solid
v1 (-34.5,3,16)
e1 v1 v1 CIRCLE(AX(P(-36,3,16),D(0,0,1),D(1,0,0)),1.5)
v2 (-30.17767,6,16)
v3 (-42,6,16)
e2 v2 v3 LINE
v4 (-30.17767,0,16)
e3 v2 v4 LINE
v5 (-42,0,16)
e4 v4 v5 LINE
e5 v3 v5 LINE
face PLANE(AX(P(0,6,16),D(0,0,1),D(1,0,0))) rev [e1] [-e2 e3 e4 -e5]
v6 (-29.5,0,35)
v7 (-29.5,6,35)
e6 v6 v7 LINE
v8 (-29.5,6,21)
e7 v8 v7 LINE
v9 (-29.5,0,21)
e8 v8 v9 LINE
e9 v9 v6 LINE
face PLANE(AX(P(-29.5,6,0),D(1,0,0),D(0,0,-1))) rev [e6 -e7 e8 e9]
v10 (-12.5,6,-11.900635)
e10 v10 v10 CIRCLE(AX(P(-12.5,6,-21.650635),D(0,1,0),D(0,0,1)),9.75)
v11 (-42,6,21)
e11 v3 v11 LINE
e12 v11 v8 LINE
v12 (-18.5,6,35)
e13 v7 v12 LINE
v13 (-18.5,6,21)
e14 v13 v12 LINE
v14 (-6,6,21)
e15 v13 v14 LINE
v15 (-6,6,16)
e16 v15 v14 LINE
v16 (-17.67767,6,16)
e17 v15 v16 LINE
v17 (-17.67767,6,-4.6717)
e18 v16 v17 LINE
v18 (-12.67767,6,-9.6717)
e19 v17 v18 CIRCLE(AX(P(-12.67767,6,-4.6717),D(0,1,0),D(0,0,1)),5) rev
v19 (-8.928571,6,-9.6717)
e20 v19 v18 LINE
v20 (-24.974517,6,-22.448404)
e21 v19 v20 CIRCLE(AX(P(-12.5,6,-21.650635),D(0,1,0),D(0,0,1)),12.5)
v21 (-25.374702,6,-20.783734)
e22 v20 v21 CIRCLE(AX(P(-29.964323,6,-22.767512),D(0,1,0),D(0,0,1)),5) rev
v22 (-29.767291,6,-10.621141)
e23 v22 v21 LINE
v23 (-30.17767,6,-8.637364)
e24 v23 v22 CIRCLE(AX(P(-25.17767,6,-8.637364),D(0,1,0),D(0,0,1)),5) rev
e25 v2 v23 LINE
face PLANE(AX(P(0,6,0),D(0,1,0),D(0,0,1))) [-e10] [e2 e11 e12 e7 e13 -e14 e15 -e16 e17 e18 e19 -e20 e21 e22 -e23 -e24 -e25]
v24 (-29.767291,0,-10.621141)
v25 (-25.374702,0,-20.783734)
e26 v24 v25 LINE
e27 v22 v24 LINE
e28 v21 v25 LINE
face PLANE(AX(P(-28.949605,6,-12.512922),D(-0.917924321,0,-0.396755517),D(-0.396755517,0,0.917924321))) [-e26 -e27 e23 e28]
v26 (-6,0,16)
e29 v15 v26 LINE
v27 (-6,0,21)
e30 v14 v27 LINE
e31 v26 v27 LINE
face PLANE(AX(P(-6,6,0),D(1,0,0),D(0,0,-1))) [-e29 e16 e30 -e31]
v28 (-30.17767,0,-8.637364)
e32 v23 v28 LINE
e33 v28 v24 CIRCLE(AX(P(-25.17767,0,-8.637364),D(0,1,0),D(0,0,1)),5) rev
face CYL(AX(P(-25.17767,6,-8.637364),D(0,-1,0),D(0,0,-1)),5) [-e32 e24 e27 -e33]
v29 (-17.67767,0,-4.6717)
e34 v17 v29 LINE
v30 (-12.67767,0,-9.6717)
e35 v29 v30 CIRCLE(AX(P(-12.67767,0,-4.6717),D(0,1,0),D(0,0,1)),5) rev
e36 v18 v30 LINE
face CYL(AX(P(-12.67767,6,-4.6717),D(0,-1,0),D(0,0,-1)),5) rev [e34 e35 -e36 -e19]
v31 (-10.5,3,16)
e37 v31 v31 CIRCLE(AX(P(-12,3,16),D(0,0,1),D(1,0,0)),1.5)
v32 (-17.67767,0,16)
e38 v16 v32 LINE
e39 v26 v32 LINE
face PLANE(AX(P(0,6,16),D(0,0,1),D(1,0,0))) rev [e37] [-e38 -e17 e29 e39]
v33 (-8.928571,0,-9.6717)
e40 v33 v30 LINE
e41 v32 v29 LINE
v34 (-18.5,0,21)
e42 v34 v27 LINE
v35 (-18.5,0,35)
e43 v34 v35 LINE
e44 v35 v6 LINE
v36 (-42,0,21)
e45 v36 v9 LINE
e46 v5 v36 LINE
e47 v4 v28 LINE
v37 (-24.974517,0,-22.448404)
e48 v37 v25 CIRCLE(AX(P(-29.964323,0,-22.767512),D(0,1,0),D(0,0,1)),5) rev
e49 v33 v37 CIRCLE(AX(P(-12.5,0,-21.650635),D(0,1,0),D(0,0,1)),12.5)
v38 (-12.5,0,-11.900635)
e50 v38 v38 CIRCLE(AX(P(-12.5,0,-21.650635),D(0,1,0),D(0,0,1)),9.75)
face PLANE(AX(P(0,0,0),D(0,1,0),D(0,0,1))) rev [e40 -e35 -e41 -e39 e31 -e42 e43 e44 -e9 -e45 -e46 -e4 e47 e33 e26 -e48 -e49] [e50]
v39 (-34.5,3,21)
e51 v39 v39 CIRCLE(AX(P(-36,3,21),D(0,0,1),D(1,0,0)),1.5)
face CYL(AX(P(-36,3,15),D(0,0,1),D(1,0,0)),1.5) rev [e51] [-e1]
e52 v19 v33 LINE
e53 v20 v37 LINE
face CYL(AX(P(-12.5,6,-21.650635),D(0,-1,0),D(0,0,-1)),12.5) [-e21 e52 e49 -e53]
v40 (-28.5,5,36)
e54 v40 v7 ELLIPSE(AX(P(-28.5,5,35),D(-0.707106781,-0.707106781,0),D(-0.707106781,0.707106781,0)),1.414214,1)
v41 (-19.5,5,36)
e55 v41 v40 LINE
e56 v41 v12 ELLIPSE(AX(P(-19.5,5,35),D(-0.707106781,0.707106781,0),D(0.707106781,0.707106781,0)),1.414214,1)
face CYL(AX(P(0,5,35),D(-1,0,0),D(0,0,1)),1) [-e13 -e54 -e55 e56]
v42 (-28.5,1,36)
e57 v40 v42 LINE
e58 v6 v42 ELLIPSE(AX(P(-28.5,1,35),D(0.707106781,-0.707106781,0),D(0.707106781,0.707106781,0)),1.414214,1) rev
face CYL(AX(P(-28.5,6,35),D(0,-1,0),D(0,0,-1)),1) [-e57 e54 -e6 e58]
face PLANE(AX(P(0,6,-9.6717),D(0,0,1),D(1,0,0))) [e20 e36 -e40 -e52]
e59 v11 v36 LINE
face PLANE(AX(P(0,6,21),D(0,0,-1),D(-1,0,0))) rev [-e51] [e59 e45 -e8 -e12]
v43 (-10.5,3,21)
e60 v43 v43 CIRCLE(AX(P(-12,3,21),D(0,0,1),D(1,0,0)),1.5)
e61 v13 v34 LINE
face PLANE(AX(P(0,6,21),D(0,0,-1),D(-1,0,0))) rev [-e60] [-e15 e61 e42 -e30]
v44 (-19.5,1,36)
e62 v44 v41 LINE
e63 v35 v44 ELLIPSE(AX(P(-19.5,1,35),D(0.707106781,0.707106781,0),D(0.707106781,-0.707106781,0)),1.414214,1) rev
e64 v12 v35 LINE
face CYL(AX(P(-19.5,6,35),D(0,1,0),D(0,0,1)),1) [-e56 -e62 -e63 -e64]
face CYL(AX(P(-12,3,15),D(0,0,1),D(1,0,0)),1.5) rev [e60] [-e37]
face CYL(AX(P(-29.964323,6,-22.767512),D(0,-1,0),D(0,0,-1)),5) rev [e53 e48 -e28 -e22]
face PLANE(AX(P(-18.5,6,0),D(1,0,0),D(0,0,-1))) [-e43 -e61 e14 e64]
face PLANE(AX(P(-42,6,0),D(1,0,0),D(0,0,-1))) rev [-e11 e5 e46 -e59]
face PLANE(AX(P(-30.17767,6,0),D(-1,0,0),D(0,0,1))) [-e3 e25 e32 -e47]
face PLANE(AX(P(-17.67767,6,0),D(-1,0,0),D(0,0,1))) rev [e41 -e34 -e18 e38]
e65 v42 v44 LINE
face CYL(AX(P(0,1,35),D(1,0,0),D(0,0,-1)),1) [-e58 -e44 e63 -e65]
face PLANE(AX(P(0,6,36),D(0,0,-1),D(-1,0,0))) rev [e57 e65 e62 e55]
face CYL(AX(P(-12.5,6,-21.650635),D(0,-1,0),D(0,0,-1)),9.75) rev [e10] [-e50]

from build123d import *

# Parameters (mm, degrees)
CROQUIS1_R              = 9.75
SALIENTE_EXTRUIR1_DEPTH = 6
CROQUIS2_R              = 1.5
CORTAR_EXTRUIR1_DEPTH   = 6
REDONDEO1_R             = 1


with BuildPart() as part:
    # Croquis1 → Saliente-Extruir1 (new body)
    with BuildSketch(Plane(origin=(0, 0, 0), x_dir=(1, 0, 0), z_dir=(0, 1, 0))):
        with BuildLine():
            Line((-25.374701647, 20.783734094), (-29.767291136, 10.621141392))
            ThreePointArc((-29.767291136, 10.621141392), (-29.942112128, 10.153967486), (-30.069514751, 9.671699501))
            ThreePointArc((-30.069514751, 9.671699501), (-30.150557328, 9.157351254), (-30.17766953, 8.637363805))
            Line((-30.17766953, 8.637363805), (-30.17766953, -16))
            Line((-30.17766953, -16), (-42, -16))
            Line((-42, -16), (-42, -21))
            Line((-42, -21), (-29.5, -21))
            Line((-29.5, -21), (-29.5, -36))
            Line((-29.5, -36), (-18.5, -36))
            Line((-18.5, -36), (-18.5, -21))
            Line((-18.5, -21), (-6, -21))
            Line((-6, -21), (-6, -16))
            Line((-6, -16), (-17.67766953, -16))
            Line((-17.67766953, -16), (-17.67766953, 4.671699501))
            ThreePointArc((-17.67766953, 4.671699501), (-16.213203436, 8.207233407), (-12.67766953, 9.671699501))
            Line((-12.67766953, 9.671699501), (-8.928571429, 9.671699501))
            ThreePointArc((-8.928571429, 9.671699501), (-4.713647249, 31.429321655), (-24.974516609, 22.448404084))
            ThreePointArc((-24.974516609, 22.448404084), (-25.102827296, 21.598812807), (-25.374701647, 20.783734094))
        make_face()
        with Locations(Location((-12.5, 21.650635095, 0), (0, 0, 270))):
            Circle(CROQUIS1_R, mode=Mode.SUBTRACT)
    extrude(amount=SALIENTE_EXTRUIR1_DEPTH)

    # Croquis2 → Cortar-Extruir1 (cut)
    with BuildSketch(Plane.XY.offset(21)):
        with Locations((-36, 3)):
            Circle(CROQUIS2_R)
        with Locations((-12, 3)):
            Circle(CROQUIS2_R)
    extrude(amount=-CORTAR_EXTRUIR1_DEPTH, mode=Mode.SUBTRACT)

    # Redondeo1
    redondeo1_edges = [part.edges().sort_by_distance(p)[0] for p in [
        (-24, 0, 36),
        (-18.5, 3, 36),
        (-29.5, 3, 36),
        (-24, 6, 36),
    ]]
    fillet(redondeo1_edges, radius=REDONDEO1_R)


solid = part.part
